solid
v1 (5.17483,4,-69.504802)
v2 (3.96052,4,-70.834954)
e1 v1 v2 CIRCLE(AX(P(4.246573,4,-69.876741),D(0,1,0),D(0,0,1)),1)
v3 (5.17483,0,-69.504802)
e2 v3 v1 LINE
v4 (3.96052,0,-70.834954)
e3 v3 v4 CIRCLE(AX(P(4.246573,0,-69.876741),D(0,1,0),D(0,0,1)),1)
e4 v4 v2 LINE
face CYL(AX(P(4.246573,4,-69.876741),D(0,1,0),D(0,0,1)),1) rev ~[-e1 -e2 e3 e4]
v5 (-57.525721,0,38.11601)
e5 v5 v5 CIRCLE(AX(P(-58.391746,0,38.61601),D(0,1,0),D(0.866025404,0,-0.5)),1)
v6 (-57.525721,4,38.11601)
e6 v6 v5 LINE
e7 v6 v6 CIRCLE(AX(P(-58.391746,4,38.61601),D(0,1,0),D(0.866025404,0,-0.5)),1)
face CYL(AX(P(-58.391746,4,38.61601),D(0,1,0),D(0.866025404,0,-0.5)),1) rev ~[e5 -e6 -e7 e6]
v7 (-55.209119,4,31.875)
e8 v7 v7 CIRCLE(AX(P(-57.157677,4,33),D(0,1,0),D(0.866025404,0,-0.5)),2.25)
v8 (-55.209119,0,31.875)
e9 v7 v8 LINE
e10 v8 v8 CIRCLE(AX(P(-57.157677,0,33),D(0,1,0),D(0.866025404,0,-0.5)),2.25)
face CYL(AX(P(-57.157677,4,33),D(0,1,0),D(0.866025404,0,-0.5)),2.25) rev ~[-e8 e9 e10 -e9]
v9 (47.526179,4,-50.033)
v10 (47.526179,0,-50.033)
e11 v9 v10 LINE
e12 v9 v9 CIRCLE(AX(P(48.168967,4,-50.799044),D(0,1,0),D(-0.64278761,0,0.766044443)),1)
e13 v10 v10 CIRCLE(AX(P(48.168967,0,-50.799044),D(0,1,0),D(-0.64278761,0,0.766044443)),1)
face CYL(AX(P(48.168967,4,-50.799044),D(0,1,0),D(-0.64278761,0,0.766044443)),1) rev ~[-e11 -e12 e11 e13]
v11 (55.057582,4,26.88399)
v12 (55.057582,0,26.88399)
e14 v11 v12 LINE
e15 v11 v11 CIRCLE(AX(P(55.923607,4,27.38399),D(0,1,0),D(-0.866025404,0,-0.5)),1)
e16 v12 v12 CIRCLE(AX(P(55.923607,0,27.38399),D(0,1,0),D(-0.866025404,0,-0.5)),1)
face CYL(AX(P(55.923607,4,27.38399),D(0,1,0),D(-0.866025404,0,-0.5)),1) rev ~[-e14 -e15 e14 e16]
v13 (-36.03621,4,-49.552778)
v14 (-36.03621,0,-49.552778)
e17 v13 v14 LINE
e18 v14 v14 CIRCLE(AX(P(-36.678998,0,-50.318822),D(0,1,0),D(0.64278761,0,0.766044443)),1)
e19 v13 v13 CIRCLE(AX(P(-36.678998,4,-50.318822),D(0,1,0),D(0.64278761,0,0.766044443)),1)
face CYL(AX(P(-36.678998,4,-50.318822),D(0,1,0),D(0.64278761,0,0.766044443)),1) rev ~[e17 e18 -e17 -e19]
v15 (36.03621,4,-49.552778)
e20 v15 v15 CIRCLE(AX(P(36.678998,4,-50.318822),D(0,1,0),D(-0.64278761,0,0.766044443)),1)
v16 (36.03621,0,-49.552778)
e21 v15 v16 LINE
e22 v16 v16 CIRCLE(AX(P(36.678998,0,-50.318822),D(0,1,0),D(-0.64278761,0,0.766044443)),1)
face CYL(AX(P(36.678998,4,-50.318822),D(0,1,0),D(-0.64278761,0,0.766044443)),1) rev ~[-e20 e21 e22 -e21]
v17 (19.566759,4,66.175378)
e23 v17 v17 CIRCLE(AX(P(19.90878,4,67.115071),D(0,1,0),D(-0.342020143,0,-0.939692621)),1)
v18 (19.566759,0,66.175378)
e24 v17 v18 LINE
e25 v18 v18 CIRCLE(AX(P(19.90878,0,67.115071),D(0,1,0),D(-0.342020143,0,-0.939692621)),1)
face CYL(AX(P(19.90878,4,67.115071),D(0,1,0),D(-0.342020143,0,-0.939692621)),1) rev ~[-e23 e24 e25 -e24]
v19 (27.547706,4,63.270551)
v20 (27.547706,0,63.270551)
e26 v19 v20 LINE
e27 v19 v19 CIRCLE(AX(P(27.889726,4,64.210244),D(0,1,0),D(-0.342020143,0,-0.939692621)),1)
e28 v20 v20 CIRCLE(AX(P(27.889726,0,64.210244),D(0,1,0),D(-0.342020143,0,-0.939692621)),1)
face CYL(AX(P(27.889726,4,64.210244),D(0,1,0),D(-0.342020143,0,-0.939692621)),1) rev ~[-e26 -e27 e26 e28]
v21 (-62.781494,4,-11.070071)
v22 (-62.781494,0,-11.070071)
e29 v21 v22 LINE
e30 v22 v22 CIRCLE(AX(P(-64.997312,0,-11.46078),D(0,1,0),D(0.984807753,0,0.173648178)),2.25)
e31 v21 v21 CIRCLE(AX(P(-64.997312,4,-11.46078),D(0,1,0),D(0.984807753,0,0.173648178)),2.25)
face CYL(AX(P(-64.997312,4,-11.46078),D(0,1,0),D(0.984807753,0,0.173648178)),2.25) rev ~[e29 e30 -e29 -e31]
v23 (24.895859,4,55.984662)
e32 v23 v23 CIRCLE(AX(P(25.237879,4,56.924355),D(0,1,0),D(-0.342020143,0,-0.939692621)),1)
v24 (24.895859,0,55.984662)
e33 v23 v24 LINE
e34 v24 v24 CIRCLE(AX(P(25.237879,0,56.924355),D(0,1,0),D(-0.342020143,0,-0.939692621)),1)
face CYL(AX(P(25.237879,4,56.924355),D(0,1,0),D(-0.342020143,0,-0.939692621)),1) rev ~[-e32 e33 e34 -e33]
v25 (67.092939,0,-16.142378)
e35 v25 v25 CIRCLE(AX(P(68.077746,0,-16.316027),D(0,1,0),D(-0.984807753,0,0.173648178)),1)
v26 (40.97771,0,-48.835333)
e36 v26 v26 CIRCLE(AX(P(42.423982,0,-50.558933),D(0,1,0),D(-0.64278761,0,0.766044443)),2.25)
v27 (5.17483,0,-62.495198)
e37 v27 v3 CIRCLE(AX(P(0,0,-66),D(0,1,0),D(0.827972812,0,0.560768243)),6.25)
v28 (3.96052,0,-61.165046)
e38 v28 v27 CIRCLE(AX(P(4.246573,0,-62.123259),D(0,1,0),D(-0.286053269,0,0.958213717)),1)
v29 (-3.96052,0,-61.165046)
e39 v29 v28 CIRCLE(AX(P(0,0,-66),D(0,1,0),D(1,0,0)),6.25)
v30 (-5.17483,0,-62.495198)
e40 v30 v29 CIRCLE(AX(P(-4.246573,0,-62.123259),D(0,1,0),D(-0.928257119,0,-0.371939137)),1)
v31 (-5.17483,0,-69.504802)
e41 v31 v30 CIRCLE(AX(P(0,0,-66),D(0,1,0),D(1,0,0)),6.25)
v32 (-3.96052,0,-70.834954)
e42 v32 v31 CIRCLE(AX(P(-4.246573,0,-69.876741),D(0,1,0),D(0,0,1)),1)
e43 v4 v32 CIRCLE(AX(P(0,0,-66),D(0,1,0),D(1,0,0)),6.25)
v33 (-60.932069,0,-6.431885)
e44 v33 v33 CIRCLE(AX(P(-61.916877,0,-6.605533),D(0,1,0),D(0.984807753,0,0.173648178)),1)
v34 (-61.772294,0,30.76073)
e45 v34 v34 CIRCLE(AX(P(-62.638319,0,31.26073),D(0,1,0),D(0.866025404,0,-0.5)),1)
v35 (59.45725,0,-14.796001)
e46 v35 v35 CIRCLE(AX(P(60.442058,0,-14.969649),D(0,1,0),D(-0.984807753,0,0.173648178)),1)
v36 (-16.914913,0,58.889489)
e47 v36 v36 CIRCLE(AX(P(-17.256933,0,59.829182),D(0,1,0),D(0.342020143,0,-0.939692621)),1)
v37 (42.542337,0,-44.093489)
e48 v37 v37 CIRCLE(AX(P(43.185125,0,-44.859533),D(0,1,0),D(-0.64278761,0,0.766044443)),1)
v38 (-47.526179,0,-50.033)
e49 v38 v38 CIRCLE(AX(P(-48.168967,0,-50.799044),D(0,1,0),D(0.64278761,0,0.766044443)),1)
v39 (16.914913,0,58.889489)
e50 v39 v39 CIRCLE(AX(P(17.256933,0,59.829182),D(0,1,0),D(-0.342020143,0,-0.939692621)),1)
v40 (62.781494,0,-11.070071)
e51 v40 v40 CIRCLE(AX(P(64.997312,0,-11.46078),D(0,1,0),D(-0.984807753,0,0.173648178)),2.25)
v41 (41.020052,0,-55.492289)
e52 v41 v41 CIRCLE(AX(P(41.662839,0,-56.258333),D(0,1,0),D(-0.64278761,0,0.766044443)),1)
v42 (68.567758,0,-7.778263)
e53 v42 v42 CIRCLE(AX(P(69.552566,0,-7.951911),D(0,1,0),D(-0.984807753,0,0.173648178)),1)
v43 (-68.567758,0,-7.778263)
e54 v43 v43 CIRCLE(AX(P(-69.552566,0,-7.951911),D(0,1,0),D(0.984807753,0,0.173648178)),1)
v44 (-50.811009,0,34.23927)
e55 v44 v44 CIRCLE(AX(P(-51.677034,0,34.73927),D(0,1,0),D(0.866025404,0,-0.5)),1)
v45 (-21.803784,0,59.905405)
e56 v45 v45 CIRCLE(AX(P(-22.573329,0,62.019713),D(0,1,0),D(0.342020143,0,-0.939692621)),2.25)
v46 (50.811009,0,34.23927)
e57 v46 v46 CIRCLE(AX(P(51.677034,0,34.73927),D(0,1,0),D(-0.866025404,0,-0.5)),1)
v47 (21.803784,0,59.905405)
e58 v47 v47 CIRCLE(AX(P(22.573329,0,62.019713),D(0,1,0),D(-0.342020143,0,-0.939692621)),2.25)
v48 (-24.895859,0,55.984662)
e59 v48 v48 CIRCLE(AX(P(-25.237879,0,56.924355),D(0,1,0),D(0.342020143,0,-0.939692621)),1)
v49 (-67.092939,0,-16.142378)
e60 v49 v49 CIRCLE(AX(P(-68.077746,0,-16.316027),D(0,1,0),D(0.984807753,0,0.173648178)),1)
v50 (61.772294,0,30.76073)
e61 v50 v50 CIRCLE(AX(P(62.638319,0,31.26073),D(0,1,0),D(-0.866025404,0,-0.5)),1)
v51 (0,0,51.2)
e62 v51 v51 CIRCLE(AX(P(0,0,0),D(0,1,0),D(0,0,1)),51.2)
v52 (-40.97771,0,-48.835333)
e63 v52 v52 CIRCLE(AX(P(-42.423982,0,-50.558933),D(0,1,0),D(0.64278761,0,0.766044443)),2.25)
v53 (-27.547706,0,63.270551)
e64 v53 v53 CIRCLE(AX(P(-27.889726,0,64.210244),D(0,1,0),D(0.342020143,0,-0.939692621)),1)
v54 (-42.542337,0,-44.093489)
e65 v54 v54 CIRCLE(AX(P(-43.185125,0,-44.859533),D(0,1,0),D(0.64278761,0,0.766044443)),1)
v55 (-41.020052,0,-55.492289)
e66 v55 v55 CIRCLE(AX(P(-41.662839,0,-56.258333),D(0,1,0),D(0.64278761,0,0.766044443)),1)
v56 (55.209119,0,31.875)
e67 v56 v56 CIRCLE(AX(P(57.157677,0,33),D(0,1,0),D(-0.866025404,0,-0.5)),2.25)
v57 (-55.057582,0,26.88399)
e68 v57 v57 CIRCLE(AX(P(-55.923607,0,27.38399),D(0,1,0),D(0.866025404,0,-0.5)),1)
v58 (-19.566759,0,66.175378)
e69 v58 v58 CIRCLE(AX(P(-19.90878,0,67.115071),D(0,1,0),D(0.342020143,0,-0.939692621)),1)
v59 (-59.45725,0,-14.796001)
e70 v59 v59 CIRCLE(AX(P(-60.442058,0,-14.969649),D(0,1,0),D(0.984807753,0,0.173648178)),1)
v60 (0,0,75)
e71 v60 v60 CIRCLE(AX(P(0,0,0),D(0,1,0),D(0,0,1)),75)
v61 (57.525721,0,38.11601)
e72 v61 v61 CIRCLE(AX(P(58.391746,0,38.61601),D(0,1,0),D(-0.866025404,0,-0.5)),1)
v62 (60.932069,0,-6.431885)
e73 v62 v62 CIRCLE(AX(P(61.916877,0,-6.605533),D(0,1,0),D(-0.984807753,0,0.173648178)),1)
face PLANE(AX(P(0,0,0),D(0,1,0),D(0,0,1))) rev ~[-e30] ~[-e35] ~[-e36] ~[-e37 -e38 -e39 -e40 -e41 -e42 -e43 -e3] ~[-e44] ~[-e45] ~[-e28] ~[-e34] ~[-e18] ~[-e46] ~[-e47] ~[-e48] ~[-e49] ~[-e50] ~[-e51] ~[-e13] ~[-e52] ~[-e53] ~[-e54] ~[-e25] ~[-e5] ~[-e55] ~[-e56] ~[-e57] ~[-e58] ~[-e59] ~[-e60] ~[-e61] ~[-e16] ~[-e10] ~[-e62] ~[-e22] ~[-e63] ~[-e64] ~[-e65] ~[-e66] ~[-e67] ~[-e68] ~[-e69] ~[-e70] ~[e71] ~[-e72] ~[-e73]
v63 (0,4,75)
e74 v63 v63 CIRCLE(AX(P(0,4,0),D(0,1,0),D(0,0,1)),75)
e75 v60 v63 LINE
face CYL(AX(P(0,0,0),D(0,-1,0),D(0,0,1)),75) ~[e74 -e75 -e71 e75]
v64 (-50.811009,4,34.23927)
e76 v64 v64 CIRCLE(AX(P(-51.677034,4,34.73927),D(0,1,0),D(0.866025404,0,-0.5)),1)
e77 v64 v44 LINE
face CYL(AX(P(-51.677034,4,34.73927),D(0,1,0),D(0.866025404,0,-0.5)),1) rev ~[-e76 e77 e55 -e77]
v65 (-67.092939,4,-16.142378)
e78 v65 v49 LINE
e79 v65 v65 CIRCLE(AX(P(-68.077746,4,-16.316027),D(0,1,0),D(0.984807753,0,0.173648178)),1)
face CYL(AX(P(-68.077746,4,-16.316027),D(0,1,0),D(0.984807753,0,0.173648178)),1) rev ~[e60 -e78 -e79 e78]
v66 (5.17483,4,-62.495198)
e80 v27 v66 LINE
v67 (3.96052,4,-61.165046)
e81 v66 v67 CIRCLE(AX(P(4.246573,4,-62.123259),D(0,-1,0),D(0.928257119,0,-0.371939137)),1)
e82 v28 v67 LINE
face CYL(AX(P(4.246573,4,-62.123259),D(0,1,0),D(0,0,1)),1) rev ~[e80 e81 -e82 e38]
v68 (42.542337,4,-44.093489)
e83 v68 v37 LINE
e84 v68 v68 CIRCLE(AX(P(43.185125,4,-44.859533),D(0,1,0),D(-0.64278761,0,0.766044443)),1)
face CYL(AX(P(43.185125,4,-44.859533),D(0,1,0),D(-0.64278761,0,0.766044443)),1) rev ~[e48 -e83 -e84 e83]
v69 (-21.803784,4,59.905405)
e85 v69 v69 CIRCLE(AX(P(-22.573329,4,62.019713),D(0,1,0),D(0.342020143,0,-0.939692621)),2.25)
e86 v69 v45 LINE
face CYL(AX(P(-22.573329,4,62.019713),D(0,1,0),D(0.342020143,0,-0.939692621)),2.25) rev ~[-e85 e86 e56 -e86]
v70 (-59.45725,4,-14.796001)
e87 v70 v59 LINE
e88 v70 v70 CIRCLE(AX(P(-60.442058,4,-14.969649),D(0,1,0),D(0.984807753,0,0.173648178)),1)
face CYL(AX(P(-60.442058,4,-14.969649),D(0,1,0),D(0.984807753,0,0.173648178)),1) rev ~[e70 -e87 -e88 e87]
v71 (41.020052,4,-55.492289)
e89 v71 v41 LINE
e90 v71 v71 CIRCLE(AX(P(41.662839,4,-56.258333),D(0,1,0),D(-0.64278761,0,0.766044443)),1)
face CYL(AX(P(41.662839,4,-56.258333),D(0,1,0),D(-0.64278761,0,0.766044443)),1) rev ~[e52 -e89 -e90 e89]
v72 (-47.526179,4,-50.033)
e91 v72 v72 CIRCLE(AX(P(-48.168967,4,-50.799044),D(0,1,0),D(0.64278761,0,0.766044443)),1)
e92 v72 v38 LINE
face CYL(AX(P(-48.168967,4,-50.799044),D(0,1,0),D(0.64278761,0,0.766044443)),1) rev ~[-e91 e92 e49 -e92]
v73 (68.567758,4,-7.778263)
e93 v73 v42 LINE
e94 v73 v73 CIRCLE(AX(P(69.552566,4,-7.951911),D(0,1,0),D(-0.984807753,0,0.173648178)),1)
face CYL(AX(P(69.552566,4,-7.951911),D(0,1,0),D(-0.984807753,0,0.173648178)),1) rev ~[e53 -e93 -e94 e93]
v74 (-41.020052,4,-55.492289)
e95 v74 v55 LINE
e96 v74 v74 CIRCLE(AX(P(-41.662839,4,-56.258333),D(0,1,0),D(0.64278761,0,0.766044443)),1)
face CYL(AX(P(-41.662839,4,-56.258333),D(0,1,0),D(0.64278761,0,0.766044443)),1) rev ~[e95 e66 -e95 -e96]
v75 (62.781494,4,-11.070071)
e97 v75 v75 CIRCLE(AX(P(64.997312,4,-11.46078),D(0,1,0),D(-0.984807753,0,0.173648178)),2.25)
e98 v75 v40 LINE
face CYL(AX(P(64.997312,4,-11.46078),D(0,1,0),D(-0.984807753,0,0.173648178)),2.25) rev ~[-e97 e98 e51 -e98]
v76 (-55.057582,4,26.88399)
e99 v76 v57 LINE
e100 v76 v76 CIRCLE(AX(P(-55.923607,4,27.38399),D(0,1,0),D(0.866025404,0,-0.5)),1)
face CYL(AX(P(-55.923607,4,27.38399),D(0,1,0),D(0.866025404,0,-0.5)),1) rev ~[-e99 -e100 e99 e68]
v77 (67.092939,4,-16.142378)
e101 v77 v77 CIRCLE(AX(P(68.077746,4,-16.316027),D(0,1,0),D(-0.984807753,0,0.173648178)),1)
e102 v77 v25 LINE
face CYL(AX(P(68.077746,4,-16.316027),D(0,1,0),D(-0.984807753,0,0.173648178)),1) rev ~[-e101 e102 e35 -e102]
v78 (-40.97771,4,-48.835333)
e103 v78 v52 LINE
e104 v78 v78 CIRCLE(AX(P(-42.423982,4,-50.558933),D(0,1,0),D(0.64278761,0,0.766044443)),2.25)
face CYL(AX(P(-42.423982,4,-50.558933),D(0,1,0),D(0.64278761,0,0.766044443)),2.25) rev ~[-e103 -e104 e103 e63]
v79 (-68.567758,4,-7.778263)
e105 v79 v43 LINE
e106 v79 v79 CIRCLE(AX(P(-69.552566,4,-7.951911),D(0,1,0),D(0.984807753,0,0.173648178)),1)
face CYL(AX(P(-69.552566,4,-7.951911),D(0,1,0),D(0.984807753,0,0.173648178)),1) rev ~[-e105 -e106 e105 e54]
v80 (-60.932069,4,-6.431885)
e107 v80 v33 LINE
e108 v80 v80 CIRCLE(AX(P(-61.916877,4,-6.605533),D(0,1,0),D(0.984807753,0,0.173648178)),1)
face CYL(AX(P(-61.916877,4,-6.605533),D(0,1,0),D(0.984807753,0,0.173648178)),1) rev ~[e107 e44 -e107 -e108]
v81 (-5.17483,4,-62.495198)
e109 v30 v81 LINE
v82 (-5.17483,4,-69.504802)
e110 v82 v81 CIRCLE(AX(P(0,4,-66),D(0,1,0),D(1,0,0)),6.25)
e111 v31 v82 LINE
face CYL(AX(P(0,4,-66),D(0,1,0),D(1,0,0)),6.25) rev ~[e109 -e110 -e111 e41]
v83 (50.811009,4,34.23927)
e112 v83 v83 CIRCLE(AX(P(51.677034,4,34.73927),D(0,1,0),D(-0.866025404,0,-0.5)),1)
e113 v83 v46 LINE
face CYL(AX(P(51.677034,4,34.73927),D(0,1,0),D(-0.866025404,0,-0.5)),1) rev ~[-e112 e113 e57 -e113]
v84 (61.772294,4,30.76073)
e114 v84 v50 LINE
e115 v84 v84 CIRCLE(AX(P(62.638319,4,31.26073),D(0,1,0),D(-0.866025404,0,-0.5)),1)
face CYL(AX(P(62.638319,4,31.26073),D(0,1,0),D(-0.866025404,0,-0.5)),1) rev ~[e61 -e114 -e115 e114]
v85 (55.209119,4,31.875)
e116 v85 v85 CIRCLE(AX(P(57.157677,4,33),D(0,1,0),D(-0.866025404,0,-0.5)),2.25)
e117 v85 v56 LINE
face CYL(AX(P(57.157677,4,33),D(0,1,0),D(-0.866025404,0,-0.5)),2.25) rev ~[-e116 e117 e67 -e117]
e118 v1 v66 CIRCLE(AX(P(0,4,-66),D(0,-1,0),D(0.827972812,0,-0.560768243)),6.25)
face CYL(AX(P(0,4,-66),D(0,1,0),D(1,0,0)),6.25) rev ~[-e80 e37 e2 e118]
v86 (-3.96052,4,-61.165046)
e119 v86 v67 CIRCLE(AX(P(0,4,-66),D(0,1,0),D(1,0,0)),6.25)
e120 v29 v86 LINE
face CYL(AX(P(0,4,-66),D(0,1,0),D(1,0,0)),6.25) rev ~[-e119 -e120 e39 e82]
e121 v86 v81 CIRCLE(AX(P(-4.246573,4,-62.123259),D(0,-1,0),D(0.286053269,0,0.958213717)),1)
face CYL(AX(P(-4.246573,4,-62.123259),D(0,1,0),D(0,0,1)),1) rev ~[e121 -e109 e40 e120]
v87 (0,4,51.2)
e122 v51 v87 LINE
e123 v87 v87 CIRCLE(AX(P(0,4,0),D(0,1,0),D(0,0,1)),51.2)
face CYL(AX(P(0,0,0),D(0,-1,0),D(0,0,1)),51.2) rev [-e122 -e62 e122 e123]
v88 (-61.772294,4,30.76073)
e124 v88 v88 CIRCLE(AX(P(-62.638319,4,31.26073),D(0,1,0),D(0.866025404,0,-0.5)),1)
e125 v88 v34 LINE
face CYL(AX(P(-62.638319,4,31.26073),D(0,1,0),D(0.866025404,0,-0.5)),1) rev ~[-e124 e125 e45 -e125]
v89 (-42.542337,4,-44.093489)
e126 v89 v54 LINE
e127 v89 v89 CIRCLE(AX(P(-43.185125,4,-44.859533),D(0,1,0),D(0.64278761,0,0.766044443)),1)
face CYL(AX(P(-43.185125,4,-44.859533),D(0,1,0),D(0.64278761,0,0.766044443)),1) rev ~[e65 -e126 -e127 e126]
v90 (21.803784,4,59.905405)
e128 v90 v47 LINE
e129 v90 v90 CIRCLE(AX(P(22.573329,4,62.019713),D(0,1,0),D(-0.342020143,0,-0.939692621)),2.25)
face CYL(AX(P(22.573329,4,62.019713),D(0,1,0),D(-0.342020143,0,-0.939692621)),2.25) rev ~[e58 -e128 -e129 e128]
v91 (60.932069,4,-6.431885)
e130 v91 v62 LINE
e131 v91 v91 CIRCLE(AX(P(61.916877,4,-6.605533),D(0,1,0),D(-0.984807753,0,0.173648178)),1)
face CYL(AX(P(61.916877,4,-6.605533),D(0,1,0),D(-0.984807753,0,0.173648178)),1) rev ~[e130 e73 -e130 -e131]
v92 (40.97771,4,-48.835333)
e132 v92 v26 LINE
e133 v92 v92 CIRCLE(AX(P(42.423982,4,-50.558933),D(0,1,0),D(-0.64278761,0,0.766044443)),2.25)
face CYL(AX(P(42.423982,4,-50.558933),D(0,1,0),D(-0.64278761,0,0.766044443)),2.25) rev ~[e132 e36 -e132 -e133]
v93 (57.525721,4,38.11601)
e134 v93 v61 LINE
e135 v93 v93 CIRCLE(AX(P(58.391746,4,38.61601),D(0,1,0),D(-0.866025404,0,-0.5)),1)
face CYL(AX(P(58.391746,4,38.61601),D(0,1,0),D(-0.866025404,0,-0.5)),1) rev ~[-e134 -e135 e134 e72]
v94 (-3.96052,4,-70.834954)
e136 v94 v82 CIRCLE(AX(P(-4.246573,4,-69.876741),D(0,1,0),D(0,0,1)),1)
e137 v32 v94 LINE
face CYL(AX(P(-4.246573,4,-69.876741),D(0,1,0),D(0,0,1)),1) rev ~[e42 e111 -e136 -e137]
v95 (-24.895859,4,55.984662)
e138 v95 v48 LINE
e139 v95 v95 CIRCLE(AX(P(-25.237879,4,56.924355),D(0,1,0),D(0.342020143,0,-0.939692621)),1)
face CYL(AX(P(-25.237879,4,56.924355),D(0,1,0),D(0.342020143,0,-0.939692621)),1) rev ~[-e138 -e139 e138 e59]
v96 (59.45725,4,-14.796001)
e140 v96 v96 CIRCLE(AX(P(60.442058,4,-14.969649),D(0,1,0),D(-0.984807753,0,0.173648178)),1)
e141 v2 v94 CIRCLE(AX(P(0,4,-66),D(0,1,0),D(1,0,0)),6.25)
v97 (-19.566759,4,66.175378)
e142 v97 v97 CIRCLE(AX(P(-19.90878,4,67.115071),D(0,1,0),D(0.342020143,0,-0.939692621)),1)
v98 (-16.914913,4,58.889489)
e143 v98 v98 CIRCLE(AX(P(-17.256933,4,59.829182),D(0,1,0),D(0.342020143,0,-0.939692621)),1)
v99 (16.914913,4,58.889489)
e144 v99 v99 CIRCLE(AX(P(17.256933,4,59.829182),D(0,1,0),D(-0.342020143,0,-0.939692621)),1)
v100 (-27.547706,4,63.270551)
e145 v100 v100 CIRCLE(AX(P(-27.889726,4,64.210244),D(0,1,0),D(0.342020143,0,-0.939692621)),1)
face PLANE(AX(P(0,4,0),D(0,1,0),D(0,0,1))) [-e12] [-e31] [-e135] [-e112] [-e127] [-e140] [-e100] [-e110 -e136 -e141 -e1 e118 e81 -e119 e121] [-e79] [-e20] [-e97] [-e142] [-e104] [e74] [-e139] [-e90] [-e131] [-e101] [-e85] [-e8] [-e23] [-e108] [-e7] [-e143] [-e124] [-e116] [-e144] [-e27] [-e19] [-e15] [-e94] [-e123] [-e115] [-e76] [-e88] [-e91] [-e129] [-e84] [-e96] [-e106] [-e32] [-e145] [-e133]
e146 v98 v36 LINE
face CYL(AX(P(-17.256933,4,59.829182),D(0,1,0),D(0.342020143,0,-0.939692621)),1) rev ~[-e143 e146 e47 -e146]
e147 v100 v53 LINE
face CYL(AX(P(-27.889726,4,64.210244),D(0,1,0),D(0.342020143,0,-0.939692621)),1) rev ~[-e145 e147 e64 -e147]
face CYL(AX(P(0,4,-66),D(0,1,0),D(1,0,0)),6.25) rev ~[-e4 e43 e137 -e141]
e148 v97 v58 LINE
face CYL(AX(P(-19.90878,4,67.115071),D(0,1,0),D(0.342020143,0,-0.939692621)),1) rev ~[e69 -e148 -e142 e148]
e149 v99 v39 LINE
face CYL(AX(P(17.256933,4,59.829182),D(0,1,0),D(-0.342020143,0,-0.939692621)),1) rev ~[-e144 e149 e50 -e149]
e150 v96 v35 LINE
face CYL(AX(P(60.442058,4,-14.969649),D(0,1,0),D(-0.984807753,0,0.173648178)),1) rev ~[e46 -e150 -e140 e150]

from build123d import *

# Parameters (mm, degrees)
SKETCH1_R           = 75
SKETCH1_R_2         = 51.2
BOSS_EXTRUDE1_DEPTH = 4
SKETCH2_R           = 2.25
SKETCH2_R_2         = 1
CUT_EXTRUDE1_DEPTH  = 107.141415103
CIRPATTERN1_COUNT   = 9
SKETCH3_R           = 6.25
CUT_EXTRUDE2_DEPTH  = 10


with BuildPart() as part:
    # Sketch1 → Boss-Extrude1 (new body)
    with BuildSketch(Plane(origin=(0, 0, 0), x_dir=(1, 0, 0), z_dir=(0, 1, 0))):
        Circle(SKETCH1_R)
        Circle(SKETCH1_R_2, mode=Mode.SUBTRACT)
    extrude(amount=BOSS_EXTRUDE1_DEPTH)

    # Sketch2 → Cut-Extrude1 (cut, through all)
    with BuildSketch(Plane(origin=(0, 4, 0), x_dir=(1, 0, 0), z_dir=(0, 1, 0))):
        with Locations((0, 66)):
            Circle(SKETCH2_R)
        with Locations((4.246572956, 69.876740658)):
            Circle(SKETCH2_R_2)
        with Locations((4.246572956, 62.123259342)):
            Circle(SKETCH2_R_2)
        with Locations((-4.246572956, 62.123259342)):
            Circle(SKETCH2_R_2)
        with Locations((-4.246572956, 69.876740658)):
            Circle(SKETCH2_R_2)
    cut_extrude1 = extrude(amount=-CUT_EXTRUDE1_DEPTH, mode=Mode.SUBTRACT)

    # CirPattern1: Cut-Extrude1 ×9 about axis
    cirpattern1_axis = Axis((0, -0.2, 0), (0, 1, 0))
    for i in range(1, CIRPATTERN1_COUNT):
        add(cut_extrude1.rotate(cirpattern1_axis, i * 360 / CIRPATTERN1_COUNT), mode=Mode.SUBTRACT)

    # Sketch3 → Cut-Extrude2 (cut)
    with BuildSketch(Plane(origin=(0, 4, 0), x_dir=(1, 0, 0), z_dir=(0, 1, 0))):
        with Locations((0, 66)):
            Circle(SKETCH3_R)
    extrude(amount=-CUT_EXTRUDE2_DEPTH, mode=Mode.SUBTRACT)


solid = part.part
